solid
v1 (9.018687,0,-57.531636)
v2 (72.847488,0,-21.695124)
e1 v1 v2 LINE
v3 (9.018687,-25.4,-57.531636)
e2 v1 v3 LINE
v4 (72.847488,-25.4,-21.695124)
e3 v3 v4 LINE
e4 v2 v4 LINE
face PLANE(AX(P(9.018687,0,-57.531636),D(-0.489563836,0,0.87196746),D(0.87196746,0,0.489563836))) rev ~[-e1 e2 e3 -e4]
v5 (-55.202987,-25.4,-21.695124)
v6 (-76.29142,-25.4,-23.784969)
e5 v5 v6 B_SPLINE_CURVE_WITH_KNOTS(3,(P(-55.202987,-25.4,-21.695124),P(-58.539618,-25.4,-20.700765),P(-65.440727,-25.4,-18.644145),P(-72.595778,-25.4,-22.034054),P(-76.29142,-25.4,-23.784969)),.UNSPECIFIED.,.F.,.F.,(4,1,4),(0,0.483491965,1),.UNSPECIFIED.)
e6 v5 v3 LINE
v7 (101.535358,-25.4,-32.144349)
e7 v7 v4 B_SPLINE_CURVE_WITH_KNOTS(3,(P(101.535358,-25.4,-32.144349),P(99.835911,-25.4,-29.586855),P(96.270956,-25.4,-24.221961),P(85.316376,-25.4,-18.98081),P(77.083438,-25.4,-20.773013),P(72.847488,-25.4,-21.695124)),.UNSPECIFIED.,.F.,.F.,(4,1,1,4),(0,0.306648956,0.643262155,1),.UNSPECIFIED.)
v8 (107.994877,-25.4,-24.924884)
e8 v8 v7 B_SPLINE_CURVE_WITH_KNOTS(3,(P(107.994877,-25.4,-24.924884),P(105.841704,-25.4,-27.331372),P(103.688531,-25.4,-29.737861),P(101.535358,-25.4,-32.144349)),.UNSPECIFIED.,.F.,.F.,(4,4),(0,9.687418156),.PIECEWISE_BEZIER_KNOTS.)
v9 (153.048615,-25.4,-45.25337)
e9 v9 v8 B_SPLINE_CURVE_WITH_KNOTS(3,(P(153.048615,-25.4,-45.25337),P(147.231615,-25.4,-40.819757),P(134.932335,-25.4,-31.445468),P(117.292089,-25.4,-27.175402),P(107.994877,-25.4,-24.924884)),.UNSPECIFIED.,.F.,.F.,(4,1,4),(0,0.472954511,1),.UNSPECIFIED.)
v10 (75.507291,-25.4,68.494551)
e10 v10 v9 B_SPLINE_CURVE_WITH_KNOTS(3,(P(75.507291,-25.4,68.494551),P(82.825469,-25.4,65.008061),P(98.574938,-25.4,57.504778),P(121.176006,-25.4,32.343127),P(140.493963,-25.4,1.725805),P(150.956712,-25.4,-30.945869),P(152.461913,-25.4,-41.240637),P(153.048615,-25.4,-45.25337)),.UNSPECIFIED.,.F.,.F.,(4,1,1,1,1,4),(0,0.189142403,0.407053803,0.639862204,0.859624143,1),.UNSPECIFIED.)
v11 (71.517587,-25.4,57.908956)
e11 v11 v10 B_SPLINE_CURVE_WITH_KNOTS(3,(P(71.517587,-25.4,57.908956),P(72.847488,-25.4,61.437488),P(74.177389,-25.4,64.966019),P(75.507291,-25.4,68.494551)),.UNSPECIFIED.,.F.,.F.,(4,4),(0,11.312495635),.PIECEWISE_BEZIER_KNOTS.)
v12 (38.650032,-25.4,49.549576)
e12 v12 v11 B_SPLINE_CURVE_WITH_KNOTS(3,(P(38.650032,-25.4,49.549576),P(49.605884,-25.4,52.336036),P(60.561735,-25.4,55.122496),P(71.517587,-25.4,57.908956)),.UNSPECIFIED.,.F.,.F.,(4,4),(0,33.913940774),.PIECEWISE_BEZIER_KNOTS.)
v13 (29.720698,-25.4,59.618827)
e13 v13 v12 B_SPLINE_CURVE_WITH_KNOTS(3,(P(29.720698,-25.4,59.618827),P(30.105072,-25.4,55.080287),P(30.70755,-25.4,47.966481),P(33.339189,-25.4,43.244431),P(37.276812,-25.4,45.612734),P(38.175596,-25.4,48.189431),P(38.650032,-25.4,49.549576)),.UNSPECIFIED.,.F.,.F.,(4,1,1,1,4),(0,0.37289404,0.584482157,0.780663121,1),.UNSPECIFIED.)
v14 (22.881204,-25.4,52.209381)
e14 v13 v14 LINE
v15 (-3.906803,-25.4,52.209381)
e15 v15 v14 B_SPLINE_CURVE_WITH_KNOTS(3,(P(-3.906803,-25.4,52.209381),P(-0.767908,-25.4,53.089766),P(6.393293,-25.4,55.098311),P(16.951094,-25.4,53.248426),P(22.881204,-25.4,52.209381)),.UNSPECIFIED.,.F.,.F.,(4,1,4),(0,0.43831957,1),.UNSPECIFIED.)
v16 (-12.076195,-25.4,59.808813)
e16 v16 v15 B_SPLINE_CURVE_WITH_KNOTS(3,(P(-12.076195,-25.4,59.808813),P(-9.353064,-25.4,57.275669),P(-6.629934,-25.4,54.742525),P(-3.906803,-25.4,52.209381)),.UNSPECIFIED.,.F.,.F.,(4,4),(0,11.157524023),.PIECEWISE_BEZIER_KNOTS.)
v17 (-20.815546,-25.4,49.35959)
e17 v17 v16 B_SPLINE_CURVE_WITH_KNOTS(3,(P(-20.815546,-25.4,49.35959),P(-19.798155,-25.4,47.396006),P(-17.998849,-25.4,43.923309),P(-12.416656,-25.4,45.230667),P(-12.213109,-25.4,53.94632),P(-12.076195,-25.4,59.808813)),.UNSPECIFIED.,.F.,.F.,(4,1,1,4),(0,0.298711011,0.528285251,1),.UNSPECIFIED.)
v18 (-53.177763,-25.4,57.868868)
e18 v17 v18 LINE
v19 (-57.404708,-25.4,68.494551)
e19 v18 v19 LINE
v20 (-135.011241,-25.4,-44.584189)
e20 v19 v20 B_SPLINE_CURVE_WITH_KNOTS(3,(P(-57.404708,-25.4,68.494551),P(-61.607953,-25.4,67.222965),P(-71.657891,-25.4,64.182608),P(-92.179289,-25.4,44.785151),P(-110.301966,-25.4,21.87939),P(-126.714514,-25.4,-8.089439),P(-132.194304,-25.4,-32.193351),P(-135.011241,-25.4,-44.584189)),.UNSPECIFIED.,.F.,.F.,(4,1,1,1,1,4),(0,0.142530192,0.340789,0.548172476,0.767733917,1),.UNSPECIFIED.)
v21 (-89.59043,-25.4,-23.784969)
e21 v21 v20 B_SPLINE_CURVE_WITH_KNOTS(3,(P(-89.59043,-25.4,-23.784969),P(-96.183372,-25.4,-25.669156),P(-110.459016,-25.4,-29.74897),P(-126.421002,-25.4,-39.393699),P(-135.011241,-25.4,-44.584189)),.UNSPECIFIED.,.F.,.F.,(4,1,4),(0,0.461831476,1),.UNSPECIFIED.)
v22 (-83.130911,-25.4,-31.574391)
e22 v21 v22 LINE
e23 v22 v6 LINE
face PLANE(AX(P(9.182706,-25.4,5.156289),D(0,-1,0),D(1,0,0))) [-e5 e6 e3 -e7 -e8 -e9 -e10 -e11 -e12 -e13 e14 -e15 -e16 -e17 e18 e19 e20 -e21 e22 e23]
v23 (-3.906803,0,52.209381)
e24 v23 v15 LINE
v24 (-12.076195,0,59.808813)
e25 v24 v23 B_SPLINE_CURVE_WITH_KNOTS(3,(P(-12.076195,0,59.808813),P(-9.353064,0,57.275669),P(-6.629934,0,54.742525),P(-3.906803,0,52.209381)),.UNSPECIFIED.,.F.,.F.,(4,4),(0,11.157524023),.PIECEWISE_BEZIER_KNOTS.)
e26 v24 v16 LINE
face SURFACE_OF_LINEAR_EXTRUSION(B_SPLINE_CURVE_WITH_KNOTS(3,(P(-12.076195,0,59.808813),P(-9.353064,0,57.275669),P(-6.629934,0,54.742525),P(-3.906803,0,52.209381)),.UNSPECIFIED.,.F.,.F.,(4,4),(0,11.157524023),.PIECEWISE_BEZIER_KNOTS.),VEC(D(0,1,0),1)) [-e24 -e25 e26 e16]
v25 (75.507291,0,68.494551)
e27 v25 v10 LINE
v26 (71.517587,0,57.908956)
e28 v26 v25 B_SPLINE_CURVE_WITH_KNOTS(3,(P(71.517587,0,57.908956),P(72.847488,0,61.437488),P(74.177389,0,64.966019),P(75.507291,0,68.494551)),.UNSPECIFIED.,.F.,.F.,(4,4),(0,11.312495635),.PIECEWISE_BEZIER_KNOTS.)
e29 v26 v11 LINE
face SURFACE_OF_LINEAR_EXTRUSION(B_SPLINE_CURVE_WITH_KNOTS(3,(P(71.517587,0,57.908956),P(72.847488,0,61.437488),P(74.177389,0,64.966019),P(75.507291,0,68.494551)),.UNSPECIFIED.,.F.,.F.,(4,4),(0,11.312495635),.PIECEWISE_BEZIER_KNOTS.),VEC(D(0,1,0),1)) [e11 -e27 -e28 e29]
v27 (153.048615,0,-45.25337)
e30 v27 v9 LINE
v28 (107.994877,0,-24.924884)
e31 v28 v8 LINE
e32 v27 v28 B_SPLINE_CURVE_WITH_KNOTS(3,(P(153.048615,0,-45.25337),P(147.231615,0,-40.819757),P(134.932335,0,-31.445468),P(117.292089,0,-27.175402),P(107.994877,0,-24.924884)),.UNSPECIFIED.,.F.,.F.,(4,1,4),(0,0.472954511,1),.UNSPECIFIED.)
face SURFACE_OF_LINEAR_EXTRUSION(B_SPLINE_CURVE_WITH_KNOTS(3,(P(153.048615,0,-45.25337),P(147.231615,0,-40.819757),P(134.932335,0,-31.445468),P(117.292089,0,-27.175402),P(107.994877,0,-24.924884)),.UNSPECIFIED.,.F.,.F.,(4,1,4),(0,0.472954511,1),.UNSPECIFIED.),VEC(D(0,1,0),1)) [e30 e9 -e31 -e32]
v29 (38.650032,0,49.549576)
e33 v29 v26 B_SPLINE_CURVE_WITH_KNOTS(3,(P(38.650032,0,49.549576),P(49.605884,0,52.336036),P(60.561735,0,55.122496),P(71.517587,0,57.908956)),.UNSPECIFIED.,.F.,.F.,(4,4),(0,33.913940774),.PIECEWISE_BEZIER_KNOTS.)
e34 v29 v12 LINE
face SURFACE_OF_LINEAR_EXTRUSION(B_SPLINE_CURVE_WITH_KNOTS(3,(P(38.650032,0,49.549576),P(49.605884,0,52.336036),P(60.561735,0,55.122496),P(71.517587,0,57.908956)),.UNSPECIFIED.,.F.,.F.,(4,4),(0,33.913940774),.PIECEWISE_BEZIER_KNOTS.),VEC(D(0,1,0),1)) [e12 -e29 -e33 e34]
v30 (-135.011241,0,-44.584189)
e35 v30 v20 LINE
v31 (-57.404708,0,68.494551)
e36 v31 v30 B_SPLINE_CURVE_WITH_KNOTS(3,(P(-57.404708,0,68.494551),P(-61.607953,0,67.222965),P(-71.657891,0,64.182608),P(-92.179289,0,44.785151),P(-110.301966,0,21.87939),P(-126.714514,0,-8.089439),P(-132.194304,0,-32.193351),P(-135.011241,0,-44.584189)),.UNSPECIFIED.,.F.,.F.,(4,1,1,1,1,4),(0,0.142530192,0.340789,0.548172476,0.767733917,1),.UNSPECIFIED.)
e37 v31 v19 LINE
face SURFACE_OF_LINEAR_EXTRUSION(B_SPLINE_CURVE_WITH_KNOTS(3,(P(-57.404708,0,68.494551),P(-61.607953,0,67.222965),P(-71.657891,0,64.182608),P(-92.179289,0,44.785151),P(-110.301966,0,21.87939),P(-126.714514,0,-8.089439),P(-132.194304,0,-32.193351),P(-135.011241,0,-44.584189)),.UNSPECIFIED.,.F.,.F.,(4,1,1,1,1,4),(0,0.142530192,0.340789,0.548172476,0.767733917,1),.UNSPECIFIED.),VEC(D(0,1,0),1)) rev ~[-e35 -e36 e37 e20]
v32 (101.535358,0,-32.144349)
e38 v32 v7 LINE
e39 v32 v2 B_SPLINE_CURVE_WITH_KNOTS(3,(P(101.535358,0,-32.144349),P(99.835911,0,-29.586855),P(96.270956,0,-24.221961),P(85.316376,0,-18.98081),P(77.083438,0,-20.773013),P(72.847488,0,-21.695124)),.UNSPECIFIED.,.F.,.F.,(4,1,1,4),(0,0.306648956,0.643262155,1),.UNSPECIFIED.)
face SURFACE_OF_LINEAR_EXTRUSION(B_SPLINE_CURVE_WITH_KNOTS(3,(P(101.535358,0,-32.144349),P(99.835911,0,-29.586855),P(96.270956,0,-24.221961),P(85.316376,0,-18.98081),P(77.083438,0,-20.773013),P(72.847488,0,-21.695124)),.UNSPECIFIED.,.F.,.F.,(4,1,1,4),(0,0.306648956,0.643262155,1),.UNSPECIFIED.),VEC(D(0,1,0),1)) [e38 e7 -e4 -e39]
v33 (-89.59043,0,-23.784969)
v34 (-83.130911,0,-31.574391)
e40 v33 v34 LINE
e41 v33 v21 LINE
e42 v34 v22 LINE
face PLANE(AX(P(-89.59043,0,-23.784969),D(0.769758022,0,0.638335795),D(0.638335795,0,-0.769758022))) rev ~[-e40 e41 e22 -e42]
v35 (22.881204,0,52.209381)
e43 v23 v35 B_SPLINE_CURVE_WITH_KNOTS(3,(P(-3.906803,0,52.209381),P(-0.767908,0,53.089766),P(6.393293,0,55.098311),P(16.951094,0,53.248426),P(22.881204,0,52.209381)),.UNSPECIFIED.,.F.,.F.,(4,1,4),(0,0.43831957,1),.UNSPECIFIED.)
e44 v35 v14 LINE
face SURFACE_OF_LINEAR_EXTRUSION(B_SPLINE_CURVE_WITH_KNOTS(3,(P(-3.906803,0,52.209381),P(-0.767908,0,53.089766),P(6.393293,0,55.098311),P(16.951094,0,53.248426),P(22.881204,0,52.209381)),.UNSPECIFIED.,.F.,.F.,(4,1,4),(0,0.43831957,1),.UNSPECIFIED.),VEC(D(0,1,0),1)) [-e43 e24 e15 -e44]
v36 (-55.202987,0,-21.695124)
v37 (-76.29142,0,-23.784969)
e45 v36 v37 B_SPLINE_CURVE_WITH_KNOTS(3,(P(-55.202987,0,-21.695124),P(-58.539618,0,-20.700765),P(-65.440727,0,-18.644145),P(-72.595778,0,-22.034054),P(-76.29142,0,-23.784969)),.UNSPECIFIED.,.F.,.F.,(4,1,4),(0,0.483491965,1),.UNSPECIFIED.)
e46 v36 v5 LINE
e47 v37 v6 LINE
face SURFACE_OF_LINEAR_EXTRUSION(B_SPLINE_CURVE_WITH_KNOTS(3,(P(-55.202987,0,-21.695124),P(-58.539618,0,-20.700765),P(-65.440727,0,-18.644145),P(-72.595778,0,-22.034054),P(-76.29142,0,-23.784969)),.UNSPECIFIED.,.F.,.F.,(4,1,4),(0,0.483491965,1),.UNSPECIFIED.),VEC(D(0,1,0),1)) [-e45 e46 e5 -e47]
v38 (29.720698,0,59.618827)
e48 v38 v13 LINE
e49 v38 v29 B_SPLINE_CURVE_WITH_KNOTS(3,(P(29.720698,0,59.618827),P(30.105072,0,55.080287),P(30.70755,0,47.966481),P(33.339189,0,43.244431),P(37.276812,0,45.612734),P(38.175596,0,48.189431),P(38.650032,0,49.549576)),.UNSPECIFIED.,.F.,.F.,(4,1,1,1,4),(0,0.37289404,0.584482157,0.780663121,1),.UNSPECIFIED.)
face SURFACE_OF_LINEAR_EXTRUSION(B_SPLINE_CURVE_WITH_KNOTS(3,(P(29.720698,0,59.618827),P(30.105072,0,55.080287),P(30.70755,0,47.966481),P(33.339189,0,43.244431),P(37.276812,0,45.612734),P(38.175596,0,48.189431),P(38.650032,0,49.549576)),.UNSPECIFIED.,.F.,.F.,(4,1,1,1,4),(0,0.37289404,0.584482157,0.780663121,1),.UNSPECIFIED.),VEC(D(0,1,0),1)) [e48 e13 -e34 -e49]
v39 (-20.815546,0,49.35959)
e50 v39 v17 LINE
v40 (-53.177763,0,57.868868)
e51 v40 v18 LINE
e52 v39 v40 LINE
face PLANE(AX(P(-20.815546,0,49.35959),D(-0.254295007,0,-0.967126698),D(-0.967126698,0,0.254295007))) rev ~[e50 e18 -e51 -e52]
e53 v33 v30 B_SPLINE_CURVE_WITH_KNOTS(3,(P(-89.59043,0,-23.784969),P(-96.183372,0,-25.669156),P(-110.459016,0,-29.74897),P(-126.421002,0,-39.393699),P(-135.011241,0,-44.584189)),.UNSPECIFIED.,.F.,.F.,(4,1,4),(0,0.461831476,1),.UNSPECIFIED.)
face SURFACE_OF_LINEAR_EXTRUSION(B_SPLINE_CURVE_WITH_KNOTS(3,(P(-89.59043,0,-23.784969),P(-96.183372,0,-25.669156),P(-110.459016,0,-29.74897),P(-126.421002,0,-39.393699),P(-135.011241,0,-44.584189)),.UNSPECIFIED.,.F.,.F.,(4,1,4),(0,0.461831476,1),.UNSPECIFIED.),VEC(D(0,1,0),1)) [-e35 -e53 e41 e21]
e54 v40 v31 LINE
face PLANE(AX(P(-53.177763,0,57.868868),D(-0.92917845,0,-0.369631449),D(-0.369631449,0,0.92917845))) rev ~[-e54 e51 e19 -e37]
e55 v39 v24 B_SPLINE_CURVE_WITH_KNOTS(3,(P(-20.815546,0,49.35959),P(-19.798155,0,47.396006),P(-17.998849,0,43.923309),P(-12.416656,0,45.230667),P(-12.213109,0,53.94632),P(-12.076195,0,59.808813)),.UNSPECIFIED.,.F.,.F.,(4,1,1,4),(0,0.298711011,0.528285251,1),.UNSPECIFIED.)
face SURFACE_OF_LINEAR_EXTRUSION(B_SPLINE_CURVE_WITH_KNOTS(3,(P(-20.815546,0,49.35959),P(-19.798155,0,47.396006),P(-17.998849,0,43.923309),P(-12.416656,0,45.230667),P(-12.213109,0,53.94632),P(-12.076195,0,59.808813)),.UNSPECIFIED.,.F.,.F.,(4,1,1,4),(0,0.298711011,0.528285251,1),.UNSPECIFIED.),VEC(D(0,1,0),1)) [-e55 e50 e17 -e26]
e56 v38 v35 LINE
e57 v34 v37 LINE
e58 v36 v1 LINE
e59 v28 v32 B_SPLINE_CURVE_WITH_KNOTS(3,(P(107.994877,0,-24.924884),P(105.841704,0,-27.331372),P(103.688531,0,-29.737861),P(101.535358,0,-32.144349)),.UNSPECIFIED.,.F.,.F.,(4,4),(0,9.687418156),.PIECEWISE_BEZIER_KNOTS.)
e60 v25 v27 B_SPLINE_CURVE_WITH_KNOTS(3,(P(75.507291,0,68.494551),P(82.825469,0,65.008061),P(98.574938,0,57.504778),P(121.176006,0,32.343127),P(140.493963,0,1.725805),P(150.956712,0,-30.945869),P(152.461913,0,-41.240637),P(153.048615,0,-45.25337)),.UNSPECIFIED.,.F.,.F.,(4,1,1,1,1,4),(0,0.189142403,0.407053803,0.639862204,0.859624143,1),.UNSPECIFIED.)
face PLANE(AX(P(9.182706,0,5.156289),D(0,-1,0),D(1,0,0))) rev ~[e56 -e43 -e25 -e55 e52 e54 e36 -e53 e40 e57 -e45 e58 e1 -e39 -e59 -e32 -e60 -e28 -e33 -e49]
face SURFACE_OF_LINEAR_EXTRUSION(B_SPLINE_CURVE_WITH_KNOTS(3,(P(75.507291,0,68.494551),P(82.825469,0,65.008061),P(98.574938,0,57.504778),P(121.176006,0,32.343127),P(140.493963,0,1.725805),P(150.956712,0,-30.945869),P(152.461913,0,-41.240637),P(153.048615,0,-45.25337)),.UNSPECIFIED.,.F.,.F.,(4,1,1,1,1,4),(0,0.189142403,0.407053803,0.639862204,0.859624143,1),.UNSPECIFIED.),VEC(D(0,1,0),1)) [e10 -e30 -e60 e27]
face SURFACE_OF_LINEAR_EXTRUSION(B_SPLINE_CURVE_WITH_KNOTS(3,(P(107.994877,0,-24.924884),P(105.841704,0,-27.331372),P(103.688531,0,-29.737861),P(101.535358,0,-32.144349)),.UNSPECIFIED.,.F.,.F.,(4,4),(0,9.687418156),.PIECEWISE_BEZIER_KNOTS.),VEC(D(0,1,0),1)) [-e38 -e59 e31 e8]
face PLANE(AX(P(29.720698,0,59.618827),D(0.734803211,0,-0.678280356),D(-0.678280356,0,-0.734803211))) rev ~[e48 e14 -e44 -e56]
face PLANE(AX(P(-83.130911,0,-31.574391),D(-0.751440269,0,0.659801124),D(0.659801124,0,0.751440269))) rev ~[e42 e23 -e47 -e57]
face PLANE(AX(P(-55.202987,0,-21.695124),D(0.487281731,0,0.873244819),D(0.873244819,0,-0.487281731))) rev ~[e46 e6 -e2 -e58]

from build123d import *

# Parameters (mm, degrees)
F1_DEPTH = 25.4


with BuildPart() as f1:
    # F0 (on Front) → F1 (new body)
    with BuildSketch(Plane.XZ):
        with BuildLine():
            Line((-20.815545693, 49.3595898151), (-53.1777627766, 57.8688681126))
            Line((-53.1777627766, 57.8688681126), (-57.4047081172, 68.4945508838))
            add(Edge.make_bspline(
                [(-57.4047081172, 68.4945508838), (-61.6079530117, 67.2229645301), (-71.6578912609, 64.1826076978), (-92.1792885725, 44.7851508292), (-110.301965531, 21.8793904443), (-126.7145139576, -8.0894390434), (-132.1943043373, -32.1933513963), (-135.01124084, -44.5841886103)],
                knots=[0, 0, 0, 0, 0.1425301918, 0.3407890005, 0.5481724762, 0.7677339175, 1, 1, 1, 1], degree=3))
            add(Edge.make_bspline(
                [(-89.5904302597, -23.784969002), (-96.1833719104, -25.6691557455), (-110.4590157288, -29.7489702293), (-126.421002158, -39.3936991042), (-135.01124084, -44.5841886103)],
                knots=[0, 0, 0, 0, 0.4618314757, 1, 1, 1, 1], degree=3))
            Line((-89.5904302597, -23.784969002), (-83.1309109926, -31.5743908286))
            Line((-83.1309109926, -31.5743908286), (-76.2914195657, -23.784969002))
            add(Edge.make_bspline(
                [(-55.202987045, -21.6951239854), (-58.5396177202, -20.7007646687), (-65.440726562, -18.6441445208), (-72.5957780051, -22.0340536824), (-76.2914195657, -23.784969002)],
                knots=[0, 0, 0, 0, 0.4834919651, 1, 1, 1, 1], degree=3))
            Line((-55.202987045, -21.6951239854), (9.0186872653, -57.5316362083))
            Line((9.0186872653, -57.5316362083), (72.8474880258, -21.6951239854))
            add(Edge.make_bspline(
                [(101.5353575349, -32.1443490684), (99.835910795, -29.5868548997), (96.2709556495, -24.2219606773), (85.3163759816, -18.980809835), (77.083438202, -20.7730129243), (72.8474880258, -21.6951239854)],
                knots=[0, 0, 0, 0, 0.3066489558, 0.6432621555, 1, 1, 1, 1], degree=3))
            add(Edge.make_bspline(
                [(107.994876802, -24.924883619), (105.8417037129, -27.3313721021), (103.6885306239, -29.7378605853), (101.5353575349, -32.1443490684)],
                knots=[0, 0, 0, 0, 9.6874181564, 9.6874181564, 9.6874181564, 9.6874181564], degree=3))
            add(Edge.make_bspline(
                [(153.0486153705, -45.2533699572), (147.2316152087, -40.8197574615), (134.9323347833, -31.4454679883), (117.292088845, -27.1754024158), (107.994876802, -24.924883619)],
                knots=[0, 0, 0, 0, 0.4729545112, 1, 1, 1, 1], degree=3))
            add(Edge.make_bspline(
                [(75.5072906613, 68.4945508838), (82.8254690921, 65.0080610519), (98.574937789, 57.5047782353), (121.1760055311, 32.3431274634), (140.493962508, 1.7258052263), (150.9567116204, -30.9458687306), (152.4619125289, -41.240636759), (153.0486153705, -45.2533699572)],
                knots=[0, 0, 0, 0, 0.1891424034, 0.4070538031, 0.6398622043, 0.8596241426, 1, 1, 1, 1], degree=3))
            add(Edge.make_bspline(
                [(71.5175867081, 57.9089559615), (72.8474880258, 61.4374876022), (74.1773893436, 64.966019243), (75.5072906613, 68.4945508838)],
                knots=[0, 0, 0, 0, 11.3124956351, 11.3124956351, 11.3124956351, 11.3124956351], degree=3))
            add(Edge.make_bspline(
                [(38.6500321329, 49.5495758951), (49.6058836579, 52.3360359172), (60.561735183, 55.1224959393), (71.5175867081, 57.9089559615)],
                knots=[0, 0, 0, 0, 33.9139407744, 33.9139407744, 33.9139407744, 33.9139407744], degree=3))
            add(Edge.make_bspline(
                [(29.720697552, 59.6188269556), (30.1050722998, 55.0802867888), (30.7075495656, 47.9664810945), (33.3391893095, 43.2444311297), (37.2768121486, 45.6127340717), (38.1755963687, 48.1894307032), (38.6500321329, 49.5495758951)],
                knots=[0, 0, 0, 0, 0.3728940398, 0.5844821565, 0.7806631211, 1, 1, 1, 1], degree=3))
            Line((29.720697552, 59.6188269556), (22.8812042624, 52.2093810141))
            add(Edge.make_bspline(
                [(-3.9068027399, 52.2093810141), (-0.7679082887, 53.0897658536), (6.3932925075, 55.0983114454), (16.951093857, 53.2484256588), (22.8812042624, 52.2093810141)],
                knots=[0, 0, 0, 0, 0.4383195697, 1, 1, 1, 1], degree=3))
            add(Edge.make_bspline(
                [(-12.0761953294, 59.8088130355), (-9.3530644663, 57.2756690284), (-6.6299336031, 54.7425250212), (-3.9068027399, 52.2093810141)],
                knots=[0, 0, 0, 0, 11.1575240232, 11.1575240232, 11.1575240232, 11.1575240232], degree=3))
            add(Edge.make_bspline(
                [(-20.815545693, 49.3595898151), (-19.7981548754, 47.3960055313), (-17.9988487101, 43.9233092513), (-12.4166561732, 45.2306671865), (-12.2131091314, 53.9463198599), (-12.0761953294, 59.8088130355)],
                knots=[0, 0, 0, 0, 0.2987110109, 0.528285251, 1, 1, 1, 1], degree=3))
        make_face()
    extrude(amount=F1_DEPTH)


solid = f1.part
